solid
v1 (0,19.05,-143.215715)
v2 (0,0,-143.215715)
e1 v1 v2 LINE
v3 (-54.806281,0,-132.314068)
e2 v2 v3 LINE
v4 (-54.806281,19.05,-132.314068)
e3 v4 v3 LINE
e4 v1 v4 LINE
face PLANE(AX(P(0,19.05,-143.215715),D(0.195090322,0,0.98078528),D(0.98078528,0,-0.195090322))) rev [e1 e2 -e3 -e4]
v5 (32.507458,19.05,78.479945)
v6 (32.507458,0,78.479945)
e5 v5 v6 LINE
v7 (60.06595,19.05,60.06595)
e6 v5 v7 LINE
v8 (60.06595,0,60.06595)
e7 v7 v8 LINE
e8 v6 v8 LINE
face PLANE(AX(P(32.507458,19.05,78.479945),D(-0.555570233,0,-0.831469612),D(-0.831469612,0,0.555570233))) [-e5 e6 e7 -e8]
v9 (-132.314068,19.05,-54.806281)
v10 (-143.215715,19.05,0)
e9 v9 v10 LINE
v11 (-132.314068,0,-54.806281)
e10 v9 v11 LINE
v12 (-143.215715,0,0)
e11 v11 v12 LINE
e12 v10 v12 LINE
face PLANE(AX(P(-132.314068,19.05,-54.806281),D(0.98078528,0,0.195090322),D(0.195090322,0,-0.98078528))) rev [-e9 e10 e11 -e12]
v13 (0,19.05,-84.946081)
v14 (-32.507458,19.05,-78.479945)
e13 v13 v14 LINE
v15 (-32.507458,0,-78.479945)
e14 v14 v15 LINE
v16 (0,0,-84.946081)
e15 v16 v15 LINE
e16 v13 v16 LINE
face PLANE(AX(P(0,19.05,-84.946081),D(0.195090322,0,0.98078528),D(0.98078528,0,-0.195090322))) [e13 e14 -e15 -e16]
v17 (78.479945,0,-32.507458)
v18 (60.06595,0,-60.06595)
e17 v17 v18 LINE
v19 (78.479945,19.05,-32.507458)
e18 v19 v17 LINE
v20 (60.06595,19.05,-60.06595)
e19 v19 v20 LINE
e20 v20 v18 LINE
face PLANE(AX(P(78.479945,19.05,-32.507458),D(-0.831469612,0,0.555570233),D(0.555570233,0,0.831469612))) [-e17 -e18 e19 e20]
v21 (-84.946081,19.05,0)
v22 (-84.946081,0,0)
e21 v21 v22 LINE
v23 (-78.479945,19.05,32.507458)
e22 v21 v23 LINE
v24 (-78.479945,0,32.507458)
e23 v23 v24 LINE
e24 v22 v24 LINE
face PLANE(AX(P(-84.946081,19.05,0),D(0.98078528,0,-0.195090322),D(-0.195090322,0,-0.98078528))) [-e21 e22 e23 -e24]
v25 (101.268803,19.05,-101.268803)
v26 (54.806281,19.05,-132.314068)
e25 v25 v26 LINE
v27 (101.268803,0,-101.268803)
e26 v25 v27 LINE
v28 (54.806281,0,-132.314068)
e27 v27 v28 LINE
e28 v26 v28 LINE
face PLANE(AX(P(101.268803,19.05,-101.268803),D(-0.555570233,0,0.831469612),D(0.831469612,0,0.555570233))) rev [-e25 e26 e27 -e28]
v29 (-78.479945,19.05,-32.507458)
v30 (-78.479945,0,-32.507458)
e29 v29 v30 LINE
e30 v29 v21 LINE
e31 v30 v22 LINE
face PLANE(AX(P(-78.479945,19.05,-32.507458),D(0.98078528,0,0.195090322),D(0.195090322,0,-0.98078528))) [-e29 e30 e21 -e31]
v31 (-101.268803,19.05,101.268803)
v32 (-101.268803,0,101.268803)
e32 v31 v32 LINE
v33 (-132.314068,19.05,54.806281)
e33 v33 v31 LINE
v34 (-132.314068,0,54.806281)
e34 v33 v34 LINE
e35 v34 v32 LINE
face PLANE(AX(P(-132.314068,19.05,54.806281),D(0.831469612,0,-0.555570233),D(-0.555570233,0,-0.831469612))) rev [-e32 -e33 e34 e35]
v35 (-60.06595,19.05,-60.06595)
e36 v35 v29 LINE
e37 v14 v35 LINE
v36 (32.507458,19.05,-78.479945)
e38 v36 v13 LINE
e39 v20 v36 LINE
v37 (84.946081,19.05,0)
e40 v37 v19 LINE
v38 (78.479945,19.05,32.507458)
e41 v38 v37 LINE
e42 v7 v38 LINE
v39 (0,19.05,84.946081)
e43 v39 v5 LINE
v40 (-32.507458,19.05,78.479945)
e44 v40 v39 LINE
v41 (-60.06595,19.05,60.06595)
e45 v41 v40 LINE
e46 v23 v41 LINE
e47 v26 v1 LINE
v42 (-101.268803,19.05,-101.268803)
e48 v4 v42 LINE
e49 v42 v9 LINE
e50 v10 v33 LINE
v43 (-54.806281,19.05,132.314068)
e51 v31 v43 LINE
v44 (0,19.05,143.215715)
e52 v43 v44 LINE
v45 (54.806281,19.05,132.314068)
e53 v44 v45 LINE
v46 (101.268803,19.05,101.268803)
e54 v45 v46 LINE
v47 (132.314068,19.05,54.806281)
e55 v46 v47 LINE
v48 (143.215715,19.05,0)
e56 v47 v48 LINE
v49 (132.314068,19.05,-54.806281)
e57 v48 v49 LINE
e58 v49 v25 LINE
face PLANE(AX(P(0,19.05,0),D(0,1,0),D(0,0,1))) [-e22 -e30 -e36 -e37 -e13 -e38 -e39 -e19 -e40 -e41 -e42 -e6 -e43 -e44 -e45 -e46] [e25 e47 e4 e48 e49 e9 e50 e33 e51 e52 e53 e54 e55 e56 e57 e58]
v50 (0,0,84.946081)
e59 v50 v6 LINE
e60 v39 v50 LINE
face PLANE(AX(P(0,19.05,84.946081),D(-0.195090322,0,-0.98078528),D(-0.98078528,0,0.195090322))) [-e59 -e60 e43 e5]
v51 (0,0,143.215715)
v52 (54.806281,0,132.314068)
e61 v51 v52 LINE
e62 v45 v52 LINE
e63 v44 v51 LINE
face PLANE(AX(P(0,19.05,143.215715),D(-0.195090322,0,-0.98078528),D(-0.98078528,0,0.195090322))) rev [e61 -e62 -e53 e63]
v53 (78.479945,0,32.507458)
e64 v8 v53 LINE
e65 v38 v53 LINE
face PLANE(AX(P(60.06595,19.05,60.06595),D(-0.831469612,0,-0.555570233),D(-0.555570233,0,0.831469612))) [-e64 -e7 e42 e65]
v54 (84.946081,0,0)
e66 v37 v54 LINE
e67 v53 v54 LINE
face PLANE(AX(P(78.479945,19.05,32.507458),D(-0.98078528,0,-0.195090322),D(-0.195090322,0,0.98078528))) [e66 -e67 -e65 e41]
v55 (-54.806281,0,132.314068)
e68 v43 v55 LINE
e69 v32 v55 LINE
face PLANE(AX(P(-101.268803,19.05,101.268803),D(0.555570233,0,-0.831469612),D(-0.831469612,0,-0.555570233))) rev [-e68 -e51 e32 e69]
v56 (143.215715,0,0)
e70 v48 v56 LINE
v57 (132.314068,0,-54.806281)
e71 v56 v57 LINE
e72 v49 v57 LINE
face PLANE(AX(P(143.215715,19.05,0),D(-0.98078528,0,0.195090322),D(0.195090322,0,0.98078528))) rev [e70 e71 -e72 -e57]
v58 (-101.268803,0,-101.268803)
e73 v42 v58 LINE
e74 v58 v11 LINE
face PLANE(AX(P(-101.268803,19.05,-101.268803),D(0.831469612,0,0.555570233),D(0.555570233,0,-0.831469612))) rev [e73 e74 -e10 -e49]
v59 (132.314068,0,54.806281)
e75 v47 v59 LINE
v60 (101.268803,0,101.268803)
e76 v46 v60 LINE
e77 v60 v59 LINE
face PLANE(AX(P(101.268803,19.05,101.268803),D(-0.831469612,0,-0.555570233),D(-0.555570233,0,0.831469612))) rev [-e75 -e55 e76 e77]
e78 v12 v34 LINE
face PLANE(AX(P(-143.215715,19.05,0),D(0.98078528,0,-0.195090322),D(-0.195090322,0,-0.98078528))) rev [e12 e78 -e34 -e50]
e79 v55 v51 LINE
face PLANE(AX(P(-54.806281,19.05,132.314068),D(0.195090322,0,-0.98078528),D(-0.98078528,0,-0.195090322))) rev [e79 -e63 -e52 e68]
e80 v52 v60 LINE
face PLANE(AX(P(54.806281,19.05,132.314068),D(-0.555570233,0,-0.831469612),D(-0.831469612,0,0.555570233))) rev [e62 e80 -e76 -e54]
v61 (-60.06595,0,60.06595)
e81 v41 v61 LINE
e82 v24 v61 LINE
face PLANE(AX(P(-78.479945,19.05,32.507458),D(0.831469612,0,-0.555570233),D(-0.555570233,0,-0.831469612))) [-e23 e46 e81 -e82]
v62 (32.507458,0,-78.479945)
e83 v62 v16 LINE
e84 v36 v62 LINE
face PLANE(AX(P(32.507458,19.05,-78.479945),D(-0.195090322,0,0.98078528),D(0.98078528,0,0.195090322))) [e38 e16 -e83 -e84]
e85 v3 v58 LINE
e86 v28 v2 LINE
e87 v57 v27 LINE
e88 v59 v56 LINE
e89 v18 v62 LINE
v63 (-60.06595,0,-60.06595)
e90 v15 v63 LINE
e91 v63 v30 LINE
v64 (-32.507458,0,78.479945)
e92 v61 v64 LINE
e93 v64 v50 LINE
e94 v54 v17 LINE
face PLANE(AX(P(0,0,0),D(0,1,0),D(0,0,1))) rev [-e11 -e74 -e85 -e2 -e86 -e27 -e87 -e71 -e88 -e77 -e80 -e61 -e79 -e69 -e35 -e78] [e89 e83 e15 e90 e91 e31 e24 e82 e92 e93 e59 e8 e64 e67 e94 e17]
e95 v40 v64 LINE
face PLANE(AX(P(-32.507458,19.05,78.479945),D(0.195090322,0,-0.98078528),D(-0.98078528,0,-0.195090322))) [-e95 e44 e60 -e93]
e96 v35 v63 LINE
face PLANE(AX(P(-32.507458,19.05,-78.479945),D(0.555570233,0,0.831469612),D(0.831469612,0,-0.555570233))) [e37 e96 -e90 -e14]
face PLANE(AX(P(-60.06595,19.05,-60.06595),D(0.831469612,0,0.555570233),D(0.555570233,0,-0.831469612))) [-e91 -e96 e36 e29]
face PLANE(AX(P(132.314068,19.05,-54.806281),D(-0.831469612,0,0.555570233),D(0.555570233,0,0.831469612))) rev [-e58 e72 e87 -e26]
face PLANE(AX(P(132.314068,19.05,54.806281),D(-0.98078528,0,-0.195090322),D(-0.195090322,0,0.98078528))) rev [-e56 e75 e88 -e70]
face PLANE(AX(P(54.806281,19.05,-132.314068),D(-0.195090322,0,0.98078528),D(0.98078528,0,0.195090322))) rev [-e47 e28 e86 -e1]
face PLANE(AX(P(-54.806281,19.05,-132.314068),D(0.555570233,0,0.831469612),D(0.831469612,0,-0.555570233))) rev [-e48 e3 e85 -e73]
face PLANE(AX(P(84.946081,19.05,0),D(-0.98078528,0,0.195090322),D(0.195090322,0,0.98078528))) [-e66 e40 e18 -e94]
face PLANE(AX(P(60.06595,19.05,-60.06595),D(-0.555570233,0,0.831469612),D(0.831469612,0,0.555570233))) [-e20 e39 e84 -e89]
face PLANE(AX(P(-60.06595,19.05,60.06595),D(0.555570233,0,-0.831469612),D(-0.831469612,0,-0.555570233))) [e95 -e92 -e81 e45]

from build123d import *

# Parameters (mm, degrees)
BOSS_EXTRUDE1_DEPTH = 19.05


with BuildPart() as part:
    # Sketch1 → Boss-Extrude1 (new body)
    with BuildSketch(Plane(origin=(0, 0, 0), x_dir=(1, 0, 0), z_dir=(0, 1, 0))):
        Polygon((143.21571522, 0), (132.314068026, 54.806281469), (101.268803404, 101.268803404), (54.806281469, 132.314068026), (0, 143.21571522), (-54.806281469, 132.314068026), (-101.268803404, 101.268803404), (-132.314068026, 54.806281469), (-143.21571522, 0), (-132.314068026, -54.806281469), (-101.268803404, -101.268803404), (-54.806281469, -132.314068026), (0, -143.21571522), (54.806281469, -132.314068026), (101.268803404, -101.268803404), (132.314068026, -54.806281469), align=None)
        Polygon((84.946080528, 0), (78.479945167, 32.507457662), (60.065949577, 60.065949577), (32.507457662, 78.479945167), (0, 84.946080528), (-32.507457662, 78.479945167), (-60.065949577, 60.065949577), (-78.479945167, 32.507457662), (-84.946080528, 0), (-78.479945167, -32.507457662), (-60.065949577, -60.065949577), (-32.507457662, -78.479945167), (0, -84.946080528), (32.507457662, -78.479945167), (60.065949577, -60.065949577), (78.479945167, -32.507457662), align=None, mode=Mode.SUBTRACT)
    extrude(amount=BOSS_EXTRUDE1_DEPTH)


solid = part.part
